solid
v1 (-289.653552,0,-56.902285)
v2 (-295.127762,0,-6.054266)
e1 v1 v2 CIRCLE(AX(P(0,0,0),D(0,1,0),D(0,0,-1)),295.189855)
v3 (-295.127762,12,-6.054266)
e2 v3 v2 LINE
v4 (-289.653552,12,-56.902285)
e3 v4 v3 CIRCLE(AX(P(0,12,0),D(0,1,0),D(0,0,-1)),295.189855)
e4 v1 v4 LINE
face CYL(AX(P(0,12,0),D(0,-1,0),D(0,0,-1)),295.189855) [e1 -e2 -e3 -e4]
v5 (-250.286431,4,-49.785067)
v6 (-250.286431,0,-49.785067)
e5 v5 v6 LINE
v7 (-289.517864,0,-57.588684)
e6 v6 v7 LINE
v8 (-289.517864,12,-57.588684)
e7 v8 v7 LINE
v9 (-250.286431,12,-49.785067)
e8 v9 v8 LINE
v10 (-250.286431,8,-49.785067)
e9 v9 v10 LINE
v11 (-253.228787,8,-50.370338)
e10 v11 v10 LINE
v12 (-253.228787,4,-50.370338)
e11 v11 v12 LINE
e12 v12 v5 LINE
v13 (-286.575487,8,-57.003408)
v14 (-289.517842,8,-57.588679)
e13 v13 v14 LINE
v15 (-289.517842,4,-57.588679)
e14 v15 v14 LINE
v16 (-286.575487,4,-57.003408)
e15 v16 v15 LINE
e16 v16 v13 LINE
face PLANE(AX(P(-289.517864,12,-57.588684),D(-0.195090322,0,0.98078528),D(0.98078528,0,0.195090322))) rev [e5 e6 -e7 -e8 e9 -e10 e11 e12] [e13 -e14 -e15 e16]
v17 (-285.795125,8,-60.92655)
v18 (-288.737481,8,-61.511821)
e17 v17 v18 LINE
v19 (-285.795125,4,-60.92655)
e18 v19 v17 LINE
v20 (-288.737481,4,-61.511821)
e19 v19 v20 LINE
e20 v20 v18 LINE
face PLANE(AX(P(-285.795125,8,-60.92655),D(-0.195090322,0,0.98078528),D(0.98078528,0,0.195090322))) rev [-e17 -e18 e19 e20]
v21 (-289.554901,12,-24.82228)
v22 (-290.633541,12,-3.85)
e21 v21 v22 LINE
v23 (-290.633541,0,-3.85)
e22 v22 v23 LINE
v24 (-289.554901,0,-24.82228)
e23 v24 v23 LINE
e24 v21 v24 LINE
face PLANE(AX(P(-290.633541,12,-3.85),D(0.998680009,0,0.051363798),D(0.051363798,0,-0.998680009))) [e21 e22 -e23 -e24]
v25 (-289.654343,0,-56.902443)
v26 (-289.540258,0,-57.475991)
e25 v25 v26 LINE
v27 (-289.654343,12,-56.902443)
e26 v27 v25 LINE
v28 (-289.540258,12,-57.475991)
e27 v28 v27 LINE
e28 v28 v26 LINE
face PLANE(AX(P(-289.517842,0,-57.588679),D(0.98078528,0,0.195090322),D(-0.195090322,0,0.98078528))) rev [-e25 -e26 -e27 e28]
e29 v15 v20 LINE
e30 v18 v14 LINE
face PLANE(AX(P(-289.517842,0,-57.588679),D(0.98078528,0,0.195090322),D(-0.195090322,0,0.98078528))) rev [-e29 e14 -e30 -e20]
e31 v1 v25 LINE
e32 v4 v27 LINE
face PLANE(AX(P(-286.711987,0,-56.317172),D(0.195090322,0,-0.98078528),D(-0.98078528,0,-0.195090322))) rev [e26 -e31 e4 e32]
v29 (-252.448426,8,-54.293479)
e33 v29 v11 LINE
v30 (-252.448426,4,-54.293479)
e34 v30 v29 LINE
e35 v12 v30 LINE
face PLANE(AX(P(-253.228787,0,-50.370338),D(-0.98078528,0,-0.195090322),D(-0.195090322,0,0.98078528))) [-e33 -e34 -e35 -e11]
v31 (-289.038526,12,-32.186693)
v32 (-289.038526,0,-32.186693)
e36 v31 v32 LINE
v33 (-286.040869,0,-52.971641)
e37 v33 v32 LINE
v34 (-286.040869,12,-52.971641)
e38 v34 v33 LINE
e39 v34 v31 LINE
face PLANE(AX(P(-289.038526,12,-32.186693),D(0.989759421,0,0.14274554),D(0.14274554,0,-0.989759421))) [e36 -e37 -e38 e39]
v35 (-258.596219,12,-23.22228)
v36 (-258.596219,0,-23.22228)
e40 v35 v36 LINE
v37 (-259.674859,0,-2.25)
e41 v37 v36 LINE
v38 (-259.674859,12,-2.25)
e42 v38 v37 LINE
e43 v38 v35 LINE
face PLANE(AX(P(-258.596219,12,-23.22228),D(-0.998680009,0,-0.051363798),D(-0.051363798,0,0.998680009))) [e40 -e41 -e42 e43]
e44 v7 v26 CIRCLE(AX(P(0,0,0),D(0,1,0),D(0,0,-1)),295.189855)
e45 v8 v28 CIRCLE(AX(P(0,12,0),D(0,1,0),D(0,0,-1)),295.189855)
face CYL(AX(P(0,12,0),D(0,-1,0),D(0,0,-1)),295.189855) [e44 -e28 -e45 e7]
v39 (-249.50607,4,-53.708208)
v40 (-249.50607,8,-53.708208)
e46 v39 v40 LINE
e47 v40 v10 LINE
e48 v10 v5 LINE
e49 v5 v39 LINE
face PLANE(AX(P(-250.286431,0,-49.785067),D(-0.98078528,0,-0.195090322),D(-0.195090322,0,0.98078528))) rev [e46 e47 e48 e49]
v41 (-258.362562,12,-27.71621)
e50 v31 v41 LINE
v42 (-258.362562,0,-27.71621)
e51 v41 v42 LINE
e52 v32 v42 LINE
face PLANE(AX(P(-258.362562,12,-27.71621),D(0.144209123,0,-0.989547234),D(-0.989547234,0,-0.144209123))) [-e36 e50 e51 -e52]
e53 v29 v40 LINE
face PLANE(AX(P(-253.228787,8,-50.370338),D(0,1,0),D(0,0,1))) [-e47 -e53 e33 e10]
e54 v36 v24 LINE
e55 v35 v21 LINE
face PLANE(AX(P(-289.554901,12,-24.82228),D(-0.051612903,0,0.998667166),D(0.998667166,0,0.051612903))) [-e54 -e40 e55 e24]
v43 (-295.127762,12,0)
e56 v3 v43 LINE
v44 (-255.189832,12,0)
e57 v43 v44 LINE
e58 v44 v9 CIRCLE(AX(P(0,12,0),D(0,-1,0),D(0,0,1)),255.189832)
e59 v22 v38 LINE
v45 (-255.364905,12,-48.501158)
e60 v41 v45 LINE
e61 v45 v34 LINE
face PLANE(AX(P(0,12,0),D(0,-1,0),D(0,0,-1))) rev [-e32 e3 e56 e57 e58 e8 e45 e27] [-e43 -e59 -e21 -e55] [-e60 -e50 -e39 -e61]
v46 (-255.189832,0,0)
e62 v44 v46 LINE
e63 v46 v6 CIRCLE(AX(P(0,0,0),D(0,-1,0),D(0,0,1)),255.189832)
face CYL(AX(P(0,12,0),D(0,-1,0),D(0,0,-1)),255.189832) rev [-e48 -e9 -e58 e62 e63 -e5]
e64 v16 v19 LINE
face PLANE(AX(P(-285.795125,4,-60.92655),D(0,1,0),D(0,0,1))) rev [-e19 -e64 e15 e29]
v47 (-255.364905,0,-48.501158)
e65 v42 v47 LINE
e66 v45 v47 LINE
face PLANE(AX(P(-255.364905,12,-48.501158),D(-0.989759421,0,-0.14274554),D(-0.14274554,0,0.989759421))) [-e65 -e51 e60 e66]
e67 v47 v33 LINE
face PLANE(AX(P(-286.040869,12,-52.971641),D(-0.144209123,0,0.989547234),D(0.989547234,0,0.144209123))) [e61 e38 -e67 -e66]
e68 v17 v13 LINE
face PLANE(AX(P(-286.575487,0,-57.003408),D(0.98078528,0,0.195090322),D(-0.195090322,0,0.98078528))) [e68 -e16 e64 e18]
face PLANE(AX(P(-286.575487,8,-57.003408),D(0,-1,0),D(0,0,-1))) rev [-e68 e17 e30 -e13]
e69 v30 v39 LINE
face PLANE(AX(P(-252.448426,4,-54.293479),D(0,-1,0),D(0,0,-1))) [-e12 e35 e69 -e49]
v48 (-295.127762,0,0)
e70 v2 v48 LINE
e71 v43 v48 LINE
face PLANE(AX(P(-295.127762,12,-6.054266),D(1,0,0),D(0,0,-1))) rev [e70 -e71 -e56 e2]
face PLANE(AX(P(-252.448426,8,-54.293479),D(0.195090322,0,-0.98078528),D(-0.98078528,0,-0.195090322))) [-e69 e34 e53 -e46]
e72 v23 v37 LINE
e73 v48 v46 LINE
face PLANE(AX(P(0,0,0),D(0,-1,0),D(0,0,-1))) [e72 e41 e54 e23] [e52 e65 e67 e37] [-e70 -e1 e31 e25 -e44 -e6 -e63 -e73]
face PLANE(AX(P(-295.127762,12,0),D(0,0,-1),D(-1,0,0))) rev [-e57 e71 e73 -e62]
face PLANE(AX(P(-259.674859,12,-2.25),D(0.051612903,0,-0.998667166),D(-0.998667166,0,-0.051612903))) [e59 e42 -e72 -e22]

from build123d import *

# Parameters (mm, degrees)
BOSS_EXTRUDE1_DEPTH = 12
BOSS_EXTRUDE2_DEPTH = 3


with BuildPart() as part:
    # Sketch1 → Boss-Extrude1 (new body)
    with BuildSketch(Plane(origin=(0, 0, 0), x_dir=(1, 0, 0), z_dir=(0, 1, 0))):
        with BuildLine():
            Line((-289.517864278, 57.588683782), (-250.286431131, 49.785066539))
            ThreePointArc((-250.286431131, 49.785066539), (-253.961023409, 25.012977594), (-255.189832201, 0))
            Line((-255.189832201, 0), (-295.127762341, 0))
            Line((-295.127762341, 0), (-295.127762341, 6.054265565))
            ThreePointArc((-295.127762341, 6.054265565), (-293.456259512, 31.944858577), (-289.517864278, 57.588683782))
        make_face()
        Polygon((-255.364905165, 48.501157726), (-258.362561508, 27.716209892), (-289.038525769, 32.186692712), (-286.040869426, 52.971640546), align=None, mode=Mode.SUBTRACT)
        Polygon((-258.596218965, 23.222280187), (-259.674858729, 2.25), (-290.633540871, 3.85), (-289.554901108, 24.822280187), align=None, mode=Mode.SUBTRACT)
    extrude(amount=BOSS_EXTRUDE1_DEPTH)

    # Sketch4 → Boss-Extrude2 (add)
    with BuildSketch(Plane(origin=(-250.286431131, 0, -49.785066539), x_dir=(0.19509032201612864, 0, -0.9807852804032304), z_dir=(0.9807852804032303, 0, 0.1950903220161286))):
        Polygon((-0.699680901, 12), (0, 12), (0, 8), (4, 8), (4, 4), (0, 4), (0, 0), (-0.699680901, 0), align=None)
    boss_extrude2 = extrude(amount=-BOSS_EXTRUDE2_DEPTH)

    # Mirror3: Boss-Extrude2 across plane
    add(boss_extrude2.mirror(Plane(origin=(-269.902136739, 0, -53.68687298), x_dir=(-0.19509032201612864, 0, 0.9807852804032303), z_dir=(0.9807852804032304, 0, 0.19509032201612864))))


solid = part.part
